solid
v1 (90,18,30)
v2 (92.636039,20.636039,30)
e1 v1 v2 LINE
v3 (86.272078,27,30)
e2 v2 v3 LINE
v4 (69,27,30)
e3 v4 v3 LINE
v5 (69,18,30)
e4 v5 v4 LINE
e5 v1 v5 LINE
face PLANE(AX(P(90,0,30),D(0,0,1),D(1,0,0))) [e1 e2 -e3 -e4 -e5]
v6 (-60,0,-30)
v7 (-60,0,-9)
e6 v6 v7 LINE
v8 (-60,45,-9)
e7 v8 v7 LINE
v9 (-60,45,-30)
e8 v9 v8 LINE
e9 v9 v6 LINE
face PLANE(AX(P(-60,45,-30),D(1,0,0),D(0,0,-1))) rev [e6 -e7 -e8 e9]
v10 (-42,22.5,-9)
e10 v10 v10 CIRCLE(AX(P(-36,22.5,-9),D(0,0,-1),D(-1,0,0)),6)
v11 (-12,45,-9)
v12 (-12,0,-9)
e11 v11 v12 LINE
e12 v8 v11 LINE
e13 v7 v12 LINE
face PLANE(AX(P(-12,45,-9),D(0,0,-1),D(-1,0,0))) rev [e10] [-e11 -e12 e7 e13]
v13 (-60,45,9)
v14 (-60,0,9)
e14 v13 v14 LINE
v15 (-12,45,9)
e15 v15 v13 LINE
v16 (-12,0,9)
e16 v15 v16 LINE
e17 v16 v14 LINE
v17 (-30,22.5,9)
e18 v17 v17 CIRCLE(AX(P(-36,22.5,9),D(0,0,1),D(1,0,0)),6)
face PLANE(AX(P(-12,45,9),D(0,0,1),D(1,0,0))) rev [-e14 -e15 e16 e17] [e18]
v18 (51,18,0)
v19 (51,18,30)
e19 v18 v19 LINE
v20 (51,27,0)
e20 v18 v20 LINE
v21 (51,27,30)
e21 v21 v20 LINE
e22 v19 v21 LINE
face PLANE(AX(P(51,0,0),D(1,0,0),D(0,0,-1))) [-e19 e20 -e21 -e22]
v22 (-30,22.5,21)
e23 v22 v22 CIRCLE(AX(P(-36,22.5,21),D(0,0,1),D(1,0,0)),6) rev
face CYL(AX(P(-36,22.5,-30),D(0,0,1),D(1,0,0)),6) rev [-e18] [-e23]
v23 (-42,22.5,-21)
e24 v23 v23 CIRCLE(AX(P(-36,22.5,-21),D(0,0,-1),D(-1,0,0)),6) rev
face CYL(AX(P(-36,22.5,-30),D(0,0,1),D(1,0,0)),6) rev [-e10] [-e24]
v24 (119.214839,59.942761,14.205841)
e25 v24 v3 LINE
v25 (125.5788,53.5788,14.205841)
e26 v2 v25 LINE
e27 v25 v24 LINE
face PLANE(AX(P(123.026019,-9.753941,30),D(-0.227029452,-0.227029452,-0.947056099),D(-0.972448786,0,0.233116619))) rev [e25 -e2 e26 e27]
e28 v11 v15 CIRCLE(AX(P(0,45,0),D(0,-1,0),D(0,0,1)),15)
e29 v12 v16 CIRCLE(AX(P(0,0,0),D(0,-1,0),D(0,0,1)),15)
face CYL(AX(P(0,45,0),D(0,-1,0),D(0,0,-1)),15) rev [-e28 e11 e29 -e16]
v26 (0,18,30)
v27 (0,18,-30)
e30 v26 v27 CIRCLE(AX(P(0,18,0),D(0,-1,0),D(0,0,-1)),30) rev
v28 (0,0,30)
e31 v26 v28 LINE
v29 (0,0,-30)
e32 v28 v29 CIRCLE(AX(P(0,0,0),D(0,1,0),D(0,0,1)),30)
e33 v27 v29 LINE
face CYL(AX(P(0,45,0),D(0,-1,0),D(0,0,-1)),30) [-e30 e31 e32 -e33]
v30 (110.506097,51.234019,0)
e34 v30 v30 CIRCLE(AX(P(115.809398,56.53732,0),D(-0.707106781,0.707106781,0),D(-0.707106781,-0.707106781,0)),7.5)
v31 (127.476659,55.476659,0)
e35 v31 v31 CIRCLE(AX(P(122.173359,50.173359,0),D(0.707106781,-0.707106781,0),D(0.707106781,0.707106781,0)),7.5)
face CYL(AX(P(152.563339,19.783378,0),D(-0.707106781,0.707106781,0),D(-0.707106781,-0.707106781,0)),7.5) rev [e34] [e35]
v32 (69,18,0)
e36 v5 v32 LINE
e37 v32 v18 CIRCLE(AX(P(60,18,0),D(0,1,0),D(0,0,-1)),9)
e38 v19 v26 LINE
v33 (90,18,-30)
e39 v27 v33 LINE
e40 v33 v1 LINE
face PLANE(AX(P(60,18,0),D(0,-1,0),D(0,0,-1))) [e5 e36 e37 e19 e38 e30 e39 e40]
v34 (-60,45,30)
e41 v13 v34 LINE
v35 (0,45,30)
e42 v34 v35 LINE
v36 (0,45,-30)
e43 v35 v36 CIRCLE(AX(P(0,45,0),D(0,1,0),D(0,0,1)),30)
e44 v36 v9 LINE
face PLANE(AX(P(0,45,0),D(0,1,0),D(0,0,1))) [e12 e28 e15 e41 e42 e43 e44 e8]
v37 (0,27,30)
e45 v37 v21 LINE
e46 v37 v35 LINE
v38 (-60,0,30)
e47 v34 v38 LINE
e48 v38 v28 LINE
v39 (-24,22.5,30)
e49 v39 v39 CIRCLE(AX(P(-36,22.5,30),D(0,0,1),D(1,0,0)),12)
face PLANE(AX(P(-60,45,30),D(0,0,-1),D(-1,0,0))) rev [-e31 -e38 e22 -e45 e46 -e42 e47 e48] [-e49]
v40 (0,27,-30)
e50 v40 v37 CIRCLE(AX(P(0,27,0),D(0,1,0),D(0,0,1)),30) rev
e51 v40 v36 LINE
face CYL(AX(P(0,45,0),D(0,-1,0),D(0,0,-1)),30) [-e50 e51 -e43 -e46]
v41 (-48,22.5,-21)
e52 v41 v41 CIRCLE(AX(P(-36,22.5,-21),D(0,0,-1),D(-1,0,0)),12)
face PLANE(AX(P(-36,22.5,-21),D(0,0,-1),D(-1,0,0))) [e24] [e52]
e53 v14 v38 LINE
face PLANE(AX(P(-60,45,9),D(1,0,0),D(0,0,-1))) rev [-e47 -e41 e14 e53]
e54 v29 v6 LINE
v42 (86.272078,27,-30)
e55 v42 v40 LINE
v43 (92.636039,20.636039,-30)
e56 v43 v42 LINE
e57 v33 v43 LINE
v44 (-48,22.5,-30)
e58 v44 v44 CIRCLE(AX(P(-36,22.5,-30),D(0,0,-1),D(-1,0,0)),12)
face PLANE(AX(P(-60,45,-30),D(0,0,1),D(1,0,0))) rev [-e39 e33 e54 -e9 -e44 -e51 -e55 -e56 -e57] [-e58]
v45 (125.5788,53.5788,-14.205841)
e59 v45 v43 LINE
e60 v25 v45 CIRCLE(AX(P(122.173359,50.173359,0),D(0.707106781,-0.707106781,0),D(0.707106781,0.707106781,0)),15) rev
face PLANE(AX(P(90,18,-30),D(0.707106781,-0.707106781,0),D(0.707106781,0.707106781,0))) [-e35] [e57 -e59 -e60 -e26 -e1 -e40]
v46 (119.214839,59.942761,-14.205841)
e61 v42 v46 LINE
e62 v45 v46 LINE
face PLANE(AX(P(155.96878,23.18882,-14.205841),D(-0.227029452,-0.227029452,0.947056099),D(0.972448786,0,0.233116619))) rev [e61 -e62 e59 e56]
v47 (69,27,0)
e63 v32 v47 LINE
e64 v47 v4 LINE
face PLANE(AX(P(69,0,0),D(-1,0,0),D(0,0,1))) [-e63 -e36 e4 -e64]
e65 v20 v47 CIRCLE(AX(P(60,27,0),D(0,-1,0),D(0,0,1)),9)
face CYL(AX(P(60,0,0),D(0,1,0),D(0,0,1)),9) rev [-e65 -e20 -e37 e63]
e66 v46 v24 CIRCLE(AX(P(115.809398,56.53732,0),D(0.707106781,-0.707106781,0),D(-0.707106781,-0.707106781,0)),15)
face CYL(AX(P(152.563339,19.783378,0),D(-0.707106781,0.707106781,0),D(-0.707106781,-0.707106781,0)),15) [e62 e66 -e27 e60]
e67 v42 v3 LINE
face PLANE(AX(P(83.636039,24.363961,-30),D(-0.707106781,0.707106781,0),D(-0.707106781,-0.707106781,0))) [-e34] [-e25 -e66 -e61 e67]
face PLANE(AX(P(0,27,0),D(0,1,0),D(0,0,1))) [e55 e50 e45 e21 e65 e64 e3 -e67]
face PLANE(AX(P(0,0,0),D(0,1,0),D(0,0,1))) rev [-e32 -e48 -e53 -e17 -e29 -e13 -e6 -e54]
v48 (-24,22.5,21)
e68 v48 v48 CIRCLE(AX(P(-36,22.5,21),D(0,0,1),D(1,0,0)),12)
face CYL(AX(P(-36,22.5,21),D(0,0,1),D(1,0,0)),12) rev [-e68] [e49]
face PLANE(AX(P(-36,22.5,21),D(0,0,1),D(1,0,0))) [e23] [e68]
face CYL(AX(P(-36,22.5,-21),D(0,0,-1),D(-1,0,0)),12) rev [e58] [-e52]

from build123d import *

# Parameters (mm, degrees)
SALIENTE_EXTRUIR1_DEPTH = 45
CROQUIS3_R              = 6
CORTAR_EXTRUIR1_DEPTH   = 61
CROQUIS3_4_R            = 12
CROQUIS3_4_R_2          = 6
CORTAR_EXTRUIR2_DEPTH   = 9
CROQUIS4_R              = 12
CORTAR_EXTRUIR3_DEPTH   = 9
SALIENTE_EXTRUIR3_DEPTH = 45
CORTAR_EXTRUIR4_DEPTH   = 18
CORTAR_EXTRUIR5_DEPTH   = 18
SALIENTE_EXTRUIR4_DEPTH = 45
CROQUIS8_R              = 6
CORTAR_EXTRUIR7_DEPTH   = 61
CROQUIS9_R              = 12
CORTAR_EXTRUIR8_DEPTH   = 9
CROQUIS10_R             = 12
CORTAR_EXTRUIR9_DEPTH   = 9
SALIENTE_EXTRUIR7_DEPTH = 60
CORTAR_EXTRUIR10_DEPTH  = 52.977922061
CORTAR_EXTRUIR11_DEPTH  = 52.977922061
CROQUIS21_R             = 7.5
CORTAR_EXTRUIR13_DEPTH  = 52.977922061


with BuildPart() as part:
    # Croquis2 → Saliente-Extruir1 (new body)
    with BuildSketch(Plane(origin=(0, 0, 0), x_dir=(1, 0, 0), z_dir=(0, 1, 0))):
        with BuildLine():
            Line((-12, 9), (-60, 9))
            Line((-60, 9), (-60, 30))
            Line((-60, 30), (0, 30))
            ThreePointArc((0, 30), (30, 0), (0, -30))
            Line((0, -30), (-60, -30))
            Line((-60, -30), (-60, -9))
            Line((-60, -9), (-12, -9))
            ThreePointArc((-12, -9), (15, 0), (-12, 9))
        make_face()
    extrude(amount=SALIENTE_EXTRUIR1_DEPTH)

    # Croquis3 → Cortar-Extruir1 (cut, through all)
    with BuildSketch(Plane.XY.offset(30)):
        with Locations((-36, 22.5)):
            Circle(CROQUIS3_R)
    extrude(amount=-CORTAR_EXTRUIR1_DEPTH, mode=Mode.SUBTRACT)

    # Croquis3_4 → Cortar-Extruir2 (cut)
    with BuildSketch(Plane.XY.offset(30)):
        with Locations((-36, 22.5)):
            Circle(CROQUIS3_4_R)
        with Locations((-36, 22.5)):
            Circle(CROQUIS3_4_R_2, mode=Mode.SUBTRACT)
    extrude(amount=-CORTAR_EXTRUIR2_DEPTH, mode=Mode.SUBTRACT)

    # Croquis4 → Cortar-Extruir3 (cut)
    with BuildSketch(Plane(origin=(0, 0, -30), x_dir=(-1, 0, 0), z_dir=(0, 0, -1))):
        with Locations((36, 22.5)):
            Circle(CROQUIS4_R)
    extrude(amount=-CORTAR_EXTRUIR3_DEPTH, mode=Mode.SUBTRACT)

    # Croquis5 → Saliente-Extruir3 (add, through all)
    with BuildSketch(Plane(origin=(0, 45, 0), x_dir=(1, 0, 0), z_dir=(0, 1, 0))):
        with BuildLine():
            Line((51, 0), (51, -30))
            Line((51, -30), (0, -30))
            ThreePointArc((0, -30), (30, 0), (0, 30))
            Line((0, 30), (90, 30))
            Line((90, 30), (90, -30))
            Line((90, -30), (69, -30))
            Line((69, -30), (69, 0))
            ThreePointArc((69, 0), (60, 9), (51, 0))
        make_face()
    extrude(amount=-SALIENTE_EXTRUIR3_DEPTH)

    # Croquis6 → Cortar-Extruir4 (cut)
    with BuildSketch(Plane(origin=(0, 45, 0), x_dir=(1, 0, 0), z_dir=(0, 1, 0))):
        with BuildLine():
            Line((69, -30), (90, -30))
            Line((90, -30), (90, 30))
            Line((90, 30), (0, 30))
            Line((0, 30), (0, 15))
            ThreePointArc((0, 15), (15, 0), (0, -15))
            Line((0, -15), (0, -30))
            Line((0, -30), (51, -30))
            Line((51, -30), (51, 0))
            ThreePointArc((51, 0), (60, 9), (69, 0))
            Line((69, 0), (69, -30))
        make_face()
    extrude(amount=-CORTAR_EXTRUIR4_DEPTH, mode=Mode.SUBTRACT)

    # Croquis7 → Cortar-Extruir5 (cut)
    with BuildSketch(Plane.XZ):
        with BuildLine():
            Line((51, 30), (51, 0))
            ThreePointArc((51, 0), (60, -9), (69, 0))
            Line((69, 0), (69, 30))
            Line((69, 30), (90, 30))
            Line((90, 30), (90, -30))
            Line((90, -30), (0, -30))
            Line((0, -30), (0, -15))
            ThreePointArc((0, -15), (15, 0), (0, 15))
            Line((0, 15), (0, 30))
            Line((0, 30), (51, 30))
        make_face()
    extrude(amount=-CORTAR_EXTRUIR5_DEPTH, mode=Mode.SUBTRACT)

    # Croquis2_3 → Saliente-Extruir4 (add)
    with BuildSketch(Plane(origin=(0, 0, 0), x_dir=(1, 0, 0), z_dir=(0, 1, 0))):
        with BuildLine():
            Line((-12, 9), (-60, 9))
            Line((-60, 9), (-60, 30))
            Line((-60, 30), (0, 30))
            ThreePointArc((0, 30), (30, 0), (0, -30))
            Line((0, -30), (-60, -30))
            Line((-60, -30), (-60, -9))
            Line((-60, -9), (-12, -9))
            ThreePointArc((-12, -9), (15, 0), (-12, 9))
        make_face()
    extrude(amount=SALIENTE_EXTRUIR4_DEPTH)

    # Croquis8 → Cortar-Extruir7 (cut, through all)
    with BuildSketch(Plane.XY.offset(30)):
        with Locations((-36, 22.5)):
            Circle(CROQUIS8_R)
    extrude(amount=-CORTAR_EXTRUIR7_DEPTH, mode=Mode.SUBTRACT)

    # Croquis9 → Cortar-Extruir8 (cut)
    with BuildSketch(Plane.XY.offset(30)):
        with Locations((-36, 22.5)):
            Circle(CROQUIS9_R)
    extrude(amount=-CORTAR_EXTRUIR8_DEPTH, mode=Mode.SUBTRACT)

    # Croquis10 → Cortar-Extruir9 (cut)
    with BuildSketch(Plane(origin=(0, 0, -30), x_dir=(-1, 0, 0), z_dir=(0, 0, -1))):
        with Locations((36, 22.5)):
            Circle(CROQUIS10_R)
    extrude(amount=-CORTAR_EXTRUIR9_DEPTH, mode=Mode.SUBTRACT)

    # Croquis16 → Saliente-Extruir7 (add, through all)
    with BuildSketch(Plane.XY.offset(30)):
        Polygon((90, 18), (132.779960262, 60.779960262), (126.415999231, 67.143921292), (83.636038969, 24.363961031), align=None)
    extrude(amount=-SALIENTE_EXTRUIR7_DEPTH)

    # Croquis18 → Cortar-Extruir10 (cut, through all)
    with BuildSketch(Plane(origin=(29.636038969, -29.636038969, 0), x_dir=(0, 0, 1), z_dir=(-0.707106781, 0.707106781, 0))):
        with BuildLine():
            Line((-30, 136.867532368), (-30, 80.09545443))
            Line((-30, 80.09545443), (-14.205841491, 126.68355433))
            ThreePointArc((-14.205841491, 126.68355433), (-8.739555783, 134.058519396), (0, 136.867532368))
            Line((0, 136.867532368), (-30, 136.867532368))
        make_face()
    extrude(amount=-CORTAR_EXTRUIR10_DEPTH, mode=Mode.SUBTRACT)

    # Croquis19 → Cortar-Extruir11 (cut, through all)
    with BuildSketch(Plane(origin=(29.636038969, -29.636038969, 0), x_dir=(0, 0, 1), z_dir=(-0.707106781, 0.707106781, 0))):
        with BuildLine():
            Line((30, 80.09545443), (14.205841491, 126.68355433))
            ThreePointArc((14.205841491, 126.68355433), (8.739555783, 134.058519396), (0, 136.867532368))
            Line((0, 136.867532368), (30, 136.867532368))
            Line((30, 136.867532368), (30, 80.09545443))
        make_face()
    extrude(amount=-CORTAR_EXTRUIR11_DEPTH, mode=Mode.SUBTRACT)

    # Croquis21 → Cortar-Extruir13 (cut, through all)
    with BuildSketch(Plane(origin=(29.636038969, -29.636038969, 0), x_dir=(0, 0, 1), z_dir=(-0.707106781, 0.707106781, 0))):
        with Locations((0, 121.867532368)):
            Circle(CROQUIS21_R)
    extrude(amount=-CORTAR_EXTRUIR13_DEPTH, mode=Mode.SUBTRACT)


solid = part.part
